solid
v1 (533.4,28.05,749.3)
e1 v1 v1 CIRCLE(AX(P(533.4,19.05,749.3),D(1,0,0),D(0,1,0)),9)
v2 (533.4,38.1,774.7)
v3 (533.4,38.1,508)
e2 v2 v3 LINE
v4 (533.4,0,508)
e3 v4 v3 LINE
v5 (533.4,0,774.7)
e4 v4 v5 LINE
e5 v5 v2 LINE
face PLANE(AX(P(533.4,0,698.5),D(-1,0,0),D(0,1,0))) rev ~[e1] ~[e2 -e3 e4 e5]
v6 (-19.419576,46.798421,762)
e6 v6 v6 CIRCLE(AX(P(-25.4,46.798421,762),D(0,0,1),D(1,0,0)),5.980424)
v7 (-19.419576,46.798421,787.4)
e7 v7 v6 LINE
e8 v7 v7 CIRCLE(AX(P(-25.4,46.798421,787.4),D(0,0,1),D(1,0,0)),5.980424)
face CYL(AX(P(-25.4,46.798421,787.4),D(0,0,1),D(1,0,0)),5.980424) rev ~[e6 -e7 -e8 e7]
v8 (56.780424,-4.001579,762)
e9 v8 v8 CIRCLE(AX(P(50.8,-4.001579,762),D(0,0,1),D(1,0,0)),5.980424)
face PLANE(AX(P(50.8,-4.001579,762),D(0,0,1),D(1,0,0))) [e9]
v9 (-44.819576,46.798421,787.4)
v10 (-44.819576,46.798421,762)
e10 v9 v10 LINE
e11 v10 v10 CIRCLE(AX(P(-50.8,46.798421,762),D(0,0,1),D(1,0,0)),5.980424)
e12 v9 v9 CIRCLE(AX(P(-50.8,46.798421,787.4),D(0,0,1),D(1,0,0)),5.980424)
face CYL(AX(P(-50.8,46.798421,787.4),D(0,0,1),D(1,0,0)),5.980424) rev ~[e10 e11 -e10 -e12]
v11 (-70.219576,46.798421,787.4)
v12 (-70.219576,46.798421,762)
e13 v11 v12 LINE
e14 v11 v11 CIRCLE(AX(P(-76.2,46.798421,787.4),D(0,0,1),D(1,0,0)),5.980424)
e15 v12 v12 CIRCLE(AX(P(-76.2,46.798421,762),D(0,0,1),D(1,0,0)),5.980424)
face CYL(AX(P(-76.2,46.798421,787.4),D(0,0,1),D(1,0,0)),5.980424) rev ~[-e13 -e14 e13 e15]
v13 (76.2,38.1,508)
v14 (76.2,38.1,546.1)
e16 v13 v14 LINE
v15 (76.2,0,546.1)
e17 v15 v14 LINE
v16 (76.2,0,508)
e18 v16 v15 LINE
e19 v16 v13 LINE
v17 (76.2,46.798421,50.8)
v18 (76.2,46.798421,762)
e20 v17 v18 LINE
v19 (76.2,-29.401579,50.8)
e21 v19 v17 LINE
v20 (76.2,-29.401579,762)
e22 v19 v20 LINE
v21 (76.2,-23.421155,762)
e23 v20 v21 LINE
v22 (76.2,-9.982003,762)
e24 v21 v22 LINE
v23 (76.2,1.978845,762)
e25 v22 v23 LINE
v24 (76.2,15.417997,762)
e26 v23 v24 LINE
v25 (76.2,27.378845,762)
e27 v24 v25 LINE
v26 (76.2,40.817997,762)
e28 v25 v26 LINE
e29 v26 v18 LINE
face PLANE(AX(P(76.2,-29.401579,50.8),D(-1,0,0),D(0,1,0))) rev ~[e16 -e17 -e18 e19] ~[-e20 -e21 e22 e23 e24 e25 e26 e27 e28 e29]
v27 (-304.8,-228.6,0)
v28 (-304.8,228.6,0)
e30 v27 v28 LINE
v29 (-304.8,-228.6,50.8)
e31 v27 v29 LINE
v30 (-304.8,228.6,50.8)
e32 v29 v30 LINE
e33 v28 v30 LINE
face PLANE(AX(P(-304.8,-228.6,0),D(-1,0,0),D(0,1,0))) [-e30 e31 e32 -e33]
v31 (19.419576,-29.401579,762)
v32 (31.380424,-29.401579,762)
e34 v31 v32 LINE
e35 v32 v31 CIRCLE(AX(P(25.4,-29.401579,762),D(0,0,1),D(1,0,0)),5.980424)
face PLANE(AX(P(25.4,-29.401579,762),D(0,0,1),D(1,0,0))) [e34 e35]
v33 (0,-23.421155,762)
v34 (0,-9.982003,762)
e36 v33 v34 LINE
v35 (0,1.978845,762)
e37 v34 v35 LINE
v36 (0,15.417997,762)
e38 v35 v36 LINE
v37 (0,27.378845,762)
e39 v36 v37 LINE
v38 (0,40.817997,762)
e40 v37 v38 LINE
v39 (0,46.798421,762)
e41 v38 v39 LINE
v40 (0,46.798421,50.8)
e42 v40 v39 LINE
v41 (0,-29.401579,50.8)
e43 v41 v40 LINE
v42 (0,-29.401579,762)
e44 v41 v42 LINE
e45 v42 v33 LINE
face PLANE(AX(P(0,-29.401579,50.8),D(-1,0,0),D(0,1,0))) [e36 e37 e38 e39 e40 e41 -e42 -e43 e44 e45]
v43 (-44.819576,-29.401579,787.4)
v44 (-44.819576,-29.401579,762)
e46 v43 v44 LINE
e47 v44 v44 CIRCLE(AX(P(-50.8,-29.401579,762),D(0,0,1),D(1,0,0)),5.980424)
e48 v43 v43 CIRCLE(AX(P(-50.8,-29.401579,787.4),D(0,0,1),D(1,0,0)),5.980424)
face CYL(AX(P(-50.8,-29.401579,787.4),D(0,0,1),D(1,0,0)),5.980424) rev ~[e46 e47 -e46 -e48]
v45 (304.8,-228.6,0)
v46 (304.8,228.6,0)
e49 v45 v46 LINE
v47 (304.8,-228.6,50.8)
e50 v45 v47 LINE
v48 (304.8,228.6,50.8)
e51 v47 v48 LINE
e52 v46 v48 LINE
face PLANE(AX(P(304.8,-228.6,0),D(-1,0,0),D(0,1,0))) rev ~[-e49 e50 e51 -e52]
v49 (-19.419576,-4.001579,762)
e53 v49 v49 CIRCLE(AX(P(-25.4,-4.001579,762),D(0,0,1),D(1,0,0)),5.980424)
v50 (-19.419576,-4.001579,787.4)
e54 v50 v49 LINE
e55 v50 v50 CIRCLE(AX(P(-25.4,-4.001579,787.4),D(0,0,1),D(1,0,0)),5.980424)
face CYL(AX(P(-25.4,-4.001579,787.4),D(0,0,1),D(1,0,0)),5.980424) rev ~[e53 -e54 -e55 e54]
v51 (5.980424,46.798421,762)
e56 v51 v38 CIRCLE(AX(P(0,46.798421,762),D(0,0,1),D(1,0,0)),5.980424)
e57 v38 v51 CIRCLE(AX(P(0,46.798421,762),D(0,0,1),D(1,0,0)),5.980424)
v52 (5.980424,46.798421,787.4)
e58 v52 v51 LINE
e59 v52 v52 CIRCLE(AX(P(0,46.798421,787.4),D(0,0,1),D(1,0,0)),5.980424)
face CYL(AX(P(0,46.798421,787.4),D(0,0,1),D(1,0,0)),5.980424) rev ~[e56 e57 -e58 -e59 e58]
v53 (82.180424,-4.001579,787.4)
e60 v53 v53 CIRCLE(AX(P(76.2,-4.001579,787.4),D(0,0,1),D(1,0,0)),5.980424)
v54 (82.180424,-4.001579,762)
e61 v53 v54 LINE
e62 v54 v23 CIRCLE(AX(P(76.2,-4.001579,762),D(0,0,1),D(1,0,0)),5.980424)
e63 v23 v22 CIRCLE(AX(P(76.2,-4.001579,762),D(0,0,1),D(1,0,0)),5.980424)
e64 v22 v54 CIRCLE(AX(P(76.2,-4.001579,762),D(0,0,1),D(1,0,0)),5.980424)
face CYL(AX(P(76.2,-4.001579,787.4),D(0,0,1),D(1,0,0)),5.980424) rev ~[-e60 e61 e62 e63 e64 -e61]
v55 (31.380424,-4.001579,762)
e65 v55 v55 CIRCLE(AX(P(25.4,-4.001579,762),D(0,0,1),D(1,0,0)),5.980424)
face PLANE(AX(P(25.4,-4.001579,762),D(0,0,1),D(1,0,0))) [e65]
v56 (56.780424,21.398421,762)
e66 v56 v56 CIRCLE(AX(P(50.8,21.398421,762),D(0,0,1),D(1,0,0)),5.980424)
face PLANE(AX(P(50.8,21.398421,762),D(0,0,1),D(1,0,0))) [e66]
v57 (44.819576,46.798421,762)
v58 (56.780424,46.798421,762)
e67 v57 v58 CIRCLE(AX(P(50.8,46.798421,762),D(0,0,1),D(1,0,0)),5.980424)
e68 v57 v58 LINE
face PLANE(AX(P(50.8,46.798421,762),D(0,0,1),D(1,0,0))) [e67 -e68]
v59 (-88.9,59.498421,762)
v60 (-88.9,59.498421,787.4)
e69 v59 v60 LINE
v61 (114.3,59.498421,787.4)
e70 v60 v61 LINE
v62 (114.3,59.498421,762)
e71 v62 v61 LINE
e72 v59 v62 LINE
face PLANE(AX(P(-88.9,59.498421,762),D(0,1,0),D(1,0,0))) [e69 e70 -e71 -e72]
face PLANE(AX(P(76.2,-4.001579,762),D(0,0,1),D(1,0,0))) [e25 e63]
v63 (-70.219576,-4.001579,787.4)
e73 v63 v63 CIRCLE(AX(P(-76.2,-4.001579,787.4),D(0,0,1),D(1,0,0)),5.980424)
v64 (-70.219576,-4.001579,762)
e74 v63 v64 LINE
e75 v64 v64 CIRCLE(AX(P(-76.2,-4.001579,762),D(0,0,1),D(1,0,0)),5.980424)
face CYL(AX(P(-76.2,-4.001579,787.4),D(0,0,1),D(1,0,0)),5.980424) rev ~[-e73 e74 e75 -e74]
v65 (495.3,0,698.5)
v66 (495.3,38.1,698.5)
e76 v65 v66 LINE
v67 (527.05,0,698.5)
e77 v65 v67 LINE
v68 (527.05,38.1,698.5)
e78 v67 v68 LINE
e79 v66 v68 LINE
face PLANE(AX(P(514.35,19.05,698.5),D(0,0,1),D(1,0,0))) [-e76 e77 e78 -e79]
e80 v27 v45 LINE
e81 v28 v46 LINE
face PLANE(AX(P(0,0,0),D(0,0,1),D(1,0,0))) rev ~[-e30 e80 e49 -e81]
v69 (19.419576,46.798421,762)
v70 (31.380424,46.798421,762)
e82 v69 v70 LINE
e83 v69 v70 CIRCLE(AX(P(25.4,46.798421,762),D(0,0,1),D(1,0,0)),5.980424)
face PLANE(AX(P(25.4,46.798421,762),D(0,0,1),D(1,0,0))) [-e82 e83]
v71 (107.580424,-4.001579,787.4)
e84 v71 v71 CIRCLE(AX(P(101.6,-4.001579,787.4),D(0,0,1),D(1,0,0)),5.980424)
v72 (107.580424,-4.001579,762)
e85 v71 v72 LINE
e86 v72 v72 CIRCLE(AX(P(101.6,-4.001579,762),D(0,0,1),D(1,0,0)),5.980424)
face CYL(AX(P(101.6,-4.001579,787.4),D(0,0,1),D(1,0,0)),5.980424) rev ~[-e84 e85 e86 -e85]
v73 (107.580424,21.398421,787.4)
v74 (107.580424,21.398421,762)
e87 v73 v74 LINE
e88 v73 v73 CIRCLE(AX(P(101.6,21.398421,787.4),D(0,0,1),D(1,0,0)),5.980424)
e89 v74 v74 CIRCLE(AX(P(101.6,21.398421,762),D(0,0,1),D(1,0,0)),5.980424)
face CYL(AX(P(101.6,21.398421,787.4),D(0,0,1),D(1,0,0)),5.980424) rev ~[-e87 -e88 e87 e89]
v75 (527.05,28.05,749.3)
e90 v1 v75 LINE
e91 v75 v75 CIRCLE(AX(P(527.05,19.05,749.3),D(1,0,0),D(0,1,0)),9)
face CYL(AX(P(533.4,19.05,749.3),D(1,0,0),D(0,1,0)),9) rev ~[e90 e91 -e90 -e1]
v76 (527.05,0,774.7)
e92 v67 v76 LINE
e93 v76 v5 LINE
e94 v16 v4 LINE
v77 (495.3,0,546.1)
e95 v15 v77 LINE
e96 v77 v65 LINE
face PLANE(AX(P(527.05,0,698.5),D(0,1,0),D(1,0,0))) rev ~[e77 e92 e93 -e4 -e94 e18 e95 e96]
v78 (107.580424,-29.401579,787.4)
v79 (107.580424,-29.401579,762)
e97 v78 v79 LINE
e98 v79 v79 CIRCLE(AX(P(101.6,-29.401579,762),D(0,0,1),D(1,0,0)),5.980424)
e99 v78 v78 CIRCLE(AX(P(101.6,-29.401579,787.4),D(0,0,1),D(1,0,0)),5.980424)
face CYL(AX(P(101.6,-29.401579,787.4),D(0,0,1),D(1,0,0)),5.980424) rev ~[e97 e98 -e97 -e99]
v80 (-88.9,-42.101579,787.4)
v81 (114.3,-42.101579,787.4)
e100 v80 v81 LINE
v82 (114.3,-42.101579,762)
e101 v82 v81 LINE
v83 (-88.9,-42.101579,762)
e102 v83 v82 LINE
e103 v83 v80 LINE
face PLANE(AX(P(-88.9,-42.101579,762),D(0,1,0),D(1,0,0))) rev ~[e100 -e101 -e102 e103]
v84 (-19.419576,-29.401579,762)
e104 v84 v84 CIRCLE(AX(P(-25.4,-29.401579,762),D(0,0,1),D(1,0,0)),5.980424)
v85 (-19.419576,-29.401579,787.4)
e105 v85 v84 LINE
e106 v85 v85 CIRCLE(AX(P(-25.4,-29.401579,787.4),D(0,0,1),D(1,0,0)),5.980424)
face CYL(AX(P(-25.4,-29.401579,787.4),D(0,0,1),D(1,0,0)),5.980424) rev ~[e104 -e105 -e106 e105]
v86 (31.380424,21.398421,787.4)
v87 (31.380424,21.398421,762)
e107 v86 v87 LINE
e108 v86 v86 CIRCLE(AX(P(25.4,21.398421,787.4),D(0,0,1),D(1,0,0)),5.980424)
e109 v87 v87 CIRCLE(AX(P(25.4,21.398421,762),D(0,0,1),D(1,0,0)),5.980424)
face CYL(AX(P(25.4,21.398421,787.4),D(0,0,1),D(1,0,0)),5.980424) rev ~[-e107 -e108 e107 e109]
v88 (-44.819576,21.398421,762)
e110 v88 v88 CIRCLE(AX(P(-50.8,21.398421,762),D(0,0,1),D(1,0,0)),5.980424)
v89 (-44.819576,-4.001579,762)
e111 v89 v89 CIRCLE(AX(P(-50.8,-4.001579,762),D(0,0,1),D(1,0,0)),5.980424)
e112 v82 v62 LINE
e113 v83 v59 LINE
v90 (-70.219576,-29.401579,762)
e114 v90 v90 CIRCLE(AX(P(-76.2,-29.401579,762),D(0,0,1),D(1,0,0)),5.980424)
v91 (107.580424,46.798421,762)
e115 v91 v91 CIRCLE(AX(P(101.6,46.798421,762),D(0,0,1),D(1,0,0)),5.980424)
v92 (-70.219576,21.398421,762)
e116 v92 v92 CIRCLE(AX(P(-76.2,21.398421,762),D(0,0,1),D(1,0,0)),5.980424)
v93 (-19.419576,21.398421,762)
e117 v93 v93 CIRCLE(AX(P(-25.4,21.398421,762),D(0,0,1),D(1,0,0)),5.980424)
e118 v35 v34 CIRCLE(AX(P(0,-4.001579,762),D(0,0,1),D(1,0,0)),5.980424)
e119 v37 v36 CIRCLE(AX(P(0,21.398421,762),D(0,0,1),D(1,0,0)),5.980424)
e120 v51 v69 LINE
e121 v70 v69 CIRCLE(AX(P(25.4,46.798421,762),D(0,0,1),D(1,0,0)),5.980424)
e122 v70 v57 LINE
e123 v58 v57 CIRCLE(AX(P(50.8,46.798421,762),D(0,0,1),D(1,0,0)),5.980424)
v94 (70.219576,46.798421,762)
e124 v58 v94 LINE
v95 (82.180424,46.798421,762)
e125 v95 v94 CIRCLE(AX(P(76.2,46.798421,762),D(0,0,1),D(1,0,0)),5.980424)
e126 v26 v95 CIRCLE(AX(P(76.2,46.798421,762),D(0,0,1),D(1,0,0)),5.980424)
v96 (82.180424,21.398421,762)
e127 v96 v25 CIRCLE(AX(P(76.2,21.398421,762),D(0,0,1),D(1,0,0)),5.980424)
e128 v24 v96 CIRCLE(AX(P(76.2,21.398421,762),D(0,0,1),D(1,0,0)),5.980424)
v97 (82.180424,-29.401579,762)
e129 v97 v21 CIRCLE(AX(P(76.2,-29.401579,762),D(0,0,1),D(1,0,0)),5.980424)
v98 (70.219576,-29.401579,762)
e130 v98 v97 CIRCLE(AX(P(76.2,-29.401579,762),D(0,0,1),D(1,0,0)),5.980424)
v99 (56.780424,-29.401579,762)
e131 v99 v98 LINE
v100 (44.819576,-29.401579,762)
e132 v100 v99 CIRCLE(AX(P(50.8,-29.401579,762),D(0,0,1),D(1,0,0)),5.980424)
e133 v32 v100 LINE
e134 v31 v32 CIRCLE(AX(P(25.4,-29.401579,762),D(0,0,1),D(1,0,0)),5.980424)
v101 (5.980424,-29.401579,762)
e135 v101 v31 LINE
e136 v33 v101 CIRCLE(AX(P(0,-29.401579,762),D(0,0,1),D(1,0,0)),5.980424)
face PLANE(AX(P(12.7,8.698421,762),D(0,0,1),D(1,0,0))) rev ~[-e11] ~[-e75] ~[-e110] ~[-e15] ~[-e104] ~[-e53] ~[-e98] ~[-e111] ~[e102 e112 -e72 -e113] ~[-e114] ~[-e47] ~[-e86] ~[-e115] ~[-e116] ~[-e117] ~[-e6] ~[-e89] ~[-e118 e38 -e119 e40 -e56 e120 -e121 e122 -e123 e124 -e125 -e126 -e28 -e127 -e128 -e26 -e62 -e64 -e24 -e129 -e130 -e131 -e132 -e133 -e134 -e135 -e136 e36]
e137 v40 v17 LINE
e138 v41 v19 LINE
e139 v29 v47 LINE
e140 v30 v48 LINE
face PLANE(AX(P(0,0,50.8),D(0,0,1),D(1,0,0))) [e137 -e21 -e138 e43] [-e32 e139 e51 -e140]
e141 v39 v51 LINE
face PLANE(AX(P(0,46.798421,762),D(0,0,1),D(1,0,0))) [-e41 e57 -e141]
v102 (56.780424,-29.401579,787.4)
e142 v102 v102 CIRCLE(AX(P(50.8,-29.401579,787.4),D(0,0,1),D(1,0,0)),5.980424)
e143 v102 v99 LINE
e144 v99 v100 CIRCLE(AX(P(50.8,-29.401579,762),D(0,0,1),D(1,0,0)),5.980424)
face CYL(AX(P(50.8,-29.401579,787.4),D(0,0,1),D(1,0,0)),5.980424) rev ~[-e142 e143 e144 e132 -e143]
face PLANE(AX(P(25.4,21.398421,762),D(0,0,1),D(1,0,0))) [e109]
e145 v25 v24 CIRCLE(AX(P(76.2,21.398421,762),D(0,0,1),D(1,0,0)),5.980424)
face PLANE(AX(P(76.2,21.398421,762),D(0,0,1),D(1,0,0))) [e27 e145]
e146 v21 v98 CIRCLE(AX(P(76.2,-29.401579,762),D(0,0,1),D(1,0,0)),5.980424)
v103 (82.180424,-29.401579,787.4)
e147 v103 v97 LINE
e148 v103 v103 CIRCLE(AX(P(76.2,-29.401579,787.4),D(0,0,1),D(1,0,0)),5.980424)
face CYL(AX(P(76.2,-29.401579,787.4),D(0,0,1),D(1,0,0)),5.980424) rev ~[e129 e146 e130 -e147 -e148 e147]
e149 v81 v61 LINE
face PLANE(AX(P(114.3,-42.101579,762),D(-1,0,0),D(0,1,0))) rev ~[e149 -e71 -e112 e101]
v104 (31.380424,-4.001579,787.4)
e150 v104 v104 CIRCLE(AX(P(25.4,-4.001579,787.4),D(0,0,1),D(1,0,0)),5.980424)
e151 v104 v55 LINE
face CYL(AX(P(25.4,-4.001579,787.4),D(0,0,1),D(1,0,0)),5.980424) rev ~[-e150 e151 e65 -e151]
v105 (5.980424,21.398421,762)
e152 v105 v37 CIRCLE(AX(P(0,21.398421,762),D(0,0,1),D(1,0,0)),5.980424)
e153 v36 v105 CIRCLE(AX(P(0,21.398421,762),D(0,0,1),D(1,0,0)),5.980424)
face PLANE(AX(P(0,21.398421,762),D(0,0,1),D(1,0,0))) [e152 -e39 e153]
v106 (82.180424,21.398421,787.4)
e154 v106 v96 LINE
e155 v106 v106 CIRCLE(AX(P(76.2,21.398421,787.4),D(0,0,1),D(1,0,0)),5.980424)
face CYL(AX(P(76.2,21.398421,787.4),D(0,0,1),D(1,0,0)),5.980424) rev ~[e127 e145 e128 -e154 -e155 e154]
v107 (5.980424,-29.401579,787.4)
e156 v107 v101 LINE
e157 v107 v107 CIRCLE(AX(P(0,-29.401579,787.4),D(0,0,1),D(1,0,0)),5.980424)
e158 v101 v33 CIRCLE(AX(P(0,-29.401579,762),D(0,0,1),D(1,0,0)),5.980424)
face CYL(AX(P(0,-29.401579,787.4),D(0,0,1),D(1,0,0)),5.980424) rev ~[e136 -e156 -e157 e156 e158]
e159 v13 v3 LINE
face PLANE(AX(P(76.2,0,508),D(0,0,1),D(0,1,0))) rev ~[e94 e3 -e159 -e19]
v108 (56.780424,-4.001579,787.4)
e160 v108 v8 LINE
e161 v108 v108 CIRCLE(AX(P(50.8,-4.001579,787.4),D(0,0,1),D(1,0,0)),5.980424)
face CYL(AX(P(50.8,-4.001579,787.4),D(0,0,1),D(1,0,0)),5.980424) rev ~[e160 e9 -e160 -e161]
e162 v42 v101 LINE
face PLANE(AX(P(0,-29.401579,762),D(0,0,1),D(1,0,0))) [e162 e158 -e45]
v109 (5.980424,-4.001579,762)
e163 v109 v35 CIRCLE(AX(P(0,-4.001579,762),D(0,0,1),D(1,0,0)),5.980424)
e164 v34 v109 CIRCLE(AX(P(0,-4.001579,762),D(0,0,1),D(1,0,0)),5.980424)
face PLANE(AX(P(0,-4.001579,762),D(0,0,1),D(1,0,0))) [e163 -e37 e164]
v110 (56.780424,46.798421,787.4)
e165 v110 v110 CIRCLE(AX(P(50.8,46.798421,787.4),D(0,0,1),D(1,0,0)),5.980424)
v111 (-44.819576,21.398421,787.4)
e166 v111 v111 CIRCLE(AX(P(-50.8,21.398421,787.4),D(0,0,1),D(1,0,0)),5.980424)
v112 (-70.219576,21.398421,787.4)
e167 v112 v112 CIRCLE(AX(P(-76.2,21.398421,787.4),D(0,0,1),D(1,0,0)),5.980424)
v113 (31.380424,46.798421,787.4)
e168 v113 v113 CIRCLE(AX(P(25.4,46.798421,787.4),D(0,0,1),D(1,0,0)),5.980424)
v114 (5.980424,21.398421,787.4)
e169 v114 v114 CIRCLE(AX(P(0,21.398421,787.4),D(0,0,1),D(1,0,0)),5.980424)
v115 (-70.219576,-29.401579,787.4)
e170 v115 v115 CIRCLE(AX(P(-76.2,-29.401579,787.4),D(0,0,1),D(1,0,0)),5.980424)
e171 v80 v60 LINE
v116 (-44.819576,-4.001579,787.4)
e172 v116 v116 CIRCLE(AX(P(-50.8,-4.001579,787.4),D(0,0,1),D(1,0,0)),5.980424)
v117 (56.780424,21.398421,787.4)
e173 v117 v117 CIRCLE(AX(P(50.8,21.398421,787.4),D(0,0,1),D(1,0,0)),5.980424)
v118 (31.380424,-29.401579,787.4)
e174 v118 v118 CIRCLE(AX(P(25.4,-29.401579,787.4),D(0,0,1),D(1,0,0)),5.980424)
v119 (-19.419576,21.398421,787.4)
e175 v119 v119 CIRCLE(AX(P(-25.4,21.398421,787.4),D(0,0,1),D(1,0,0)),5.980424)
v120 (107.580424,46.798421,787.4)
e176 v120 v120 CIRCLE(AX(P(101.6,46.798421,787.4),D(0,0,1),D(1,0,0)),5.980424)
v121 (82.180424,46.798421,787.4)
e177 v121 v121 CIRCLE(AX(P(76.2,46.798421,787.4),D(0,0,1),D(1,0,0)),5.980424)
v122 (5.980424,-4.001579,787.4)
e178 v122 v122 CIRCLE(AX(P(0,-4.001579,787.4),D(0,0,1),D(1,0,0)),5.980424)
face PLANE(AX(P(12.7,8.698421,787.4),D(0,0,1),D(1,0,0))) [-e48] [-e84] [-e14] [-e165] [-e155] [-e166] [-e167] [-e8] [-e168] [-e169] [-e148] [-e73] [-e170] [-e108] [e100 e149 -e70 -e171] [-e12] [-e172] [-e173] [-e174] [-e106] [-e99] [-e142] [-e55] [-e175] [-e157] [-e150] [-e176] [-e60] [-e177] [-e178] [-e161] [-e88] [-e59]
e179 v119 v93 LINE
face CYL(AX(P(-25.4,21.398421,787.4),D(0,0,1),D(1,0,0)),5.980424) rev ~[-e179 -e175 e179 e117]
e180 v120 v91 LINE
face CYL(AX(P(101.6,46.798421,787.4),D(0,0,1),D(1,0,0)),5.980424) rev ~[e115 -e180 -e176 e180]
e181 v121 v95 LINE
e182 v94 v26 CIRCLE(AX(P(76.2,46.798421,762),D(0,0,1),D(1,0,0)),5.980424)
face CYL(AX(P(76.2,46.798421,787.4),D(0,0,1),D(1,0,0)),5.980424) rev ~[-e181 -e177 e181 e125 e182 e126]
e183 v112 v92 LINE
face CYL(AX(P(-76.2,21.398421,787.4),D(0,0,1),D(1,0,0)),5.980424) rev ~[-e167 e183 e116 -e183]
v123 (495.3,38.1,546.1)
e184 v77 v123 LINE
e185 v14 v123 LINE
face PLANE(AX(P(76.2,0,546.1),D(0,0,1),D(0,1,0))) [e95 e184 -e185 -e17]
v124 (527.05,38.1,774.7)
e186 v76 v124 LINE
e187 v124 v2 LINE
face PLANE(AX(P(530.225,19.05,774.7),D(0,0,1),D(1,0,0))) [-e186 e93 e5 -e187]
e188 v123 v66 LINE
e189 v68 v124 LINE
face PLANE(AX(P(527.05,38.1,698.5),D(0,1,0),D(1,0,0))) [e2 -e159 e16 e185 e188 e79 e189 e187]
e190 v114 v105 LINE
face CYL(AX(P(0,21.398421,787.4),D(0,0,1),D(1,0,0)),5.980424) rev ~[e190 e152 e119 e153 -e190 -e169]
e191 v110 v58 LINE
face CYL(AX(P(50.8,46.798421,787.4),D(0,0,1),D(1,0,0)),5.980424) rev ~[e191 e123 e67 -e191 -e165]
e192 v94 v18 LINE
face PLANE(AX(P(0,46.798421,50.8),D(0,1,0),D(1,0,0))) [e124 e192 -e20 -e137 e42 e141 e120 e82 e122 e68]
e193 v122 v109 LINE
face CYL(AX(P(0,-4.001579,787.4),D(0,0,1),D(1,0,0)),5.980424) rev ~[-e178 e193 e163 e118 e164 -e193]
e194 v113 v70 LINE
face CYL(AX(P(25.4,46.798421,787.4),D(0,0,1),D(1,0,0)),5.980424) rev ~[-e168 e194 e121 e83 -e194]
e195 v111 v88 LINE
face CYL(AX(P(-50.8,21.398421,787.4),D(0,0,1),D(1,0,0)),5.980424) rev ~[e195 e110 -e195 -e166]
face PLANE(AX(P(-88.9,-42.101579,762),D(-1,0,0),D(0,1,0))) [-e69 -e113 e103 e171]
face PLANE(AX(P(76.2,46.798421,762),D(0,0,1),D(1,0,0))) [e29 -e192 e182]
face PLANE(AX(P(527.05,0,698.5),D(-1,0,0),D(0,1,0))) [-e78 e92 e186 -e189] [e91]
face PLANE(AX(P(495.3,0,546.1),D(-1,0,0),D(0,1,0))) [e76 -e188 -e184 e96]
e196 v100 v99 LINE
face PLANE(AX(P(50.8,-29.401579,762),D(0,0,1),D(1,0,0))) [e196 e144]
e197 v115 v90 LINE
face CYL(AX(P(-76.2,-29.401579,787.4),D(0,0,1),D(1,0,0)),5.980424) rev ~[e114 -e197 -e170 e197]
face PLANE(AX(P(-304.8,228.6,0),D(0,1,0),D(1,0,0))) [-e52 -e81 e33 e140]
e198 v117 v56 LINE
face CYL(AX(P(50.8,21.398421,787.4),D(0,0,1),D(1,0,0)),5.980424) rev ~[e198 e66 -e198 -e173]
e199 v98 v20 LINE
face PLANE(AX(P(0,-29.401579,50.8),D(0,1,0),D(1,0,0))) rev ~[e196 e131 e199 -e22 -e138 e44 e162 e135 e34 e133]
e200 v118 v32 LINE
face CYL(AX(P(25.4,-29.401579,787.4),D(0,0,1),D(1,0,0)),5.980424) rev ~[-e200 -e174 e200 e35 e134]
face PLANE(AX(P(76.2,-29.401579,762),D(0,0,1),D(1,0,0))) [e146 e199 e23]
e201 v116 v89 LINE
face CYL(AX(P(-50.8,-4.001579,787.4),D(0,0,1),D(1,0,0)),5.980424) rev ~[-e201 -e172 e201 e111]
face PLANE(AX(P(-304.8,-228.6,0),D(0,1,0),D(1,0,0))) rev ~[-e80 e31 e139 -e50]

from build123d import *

# Parameters (mm, degrees)
F0_W      = 609.6
F0_H      = 457.2
F1_DEPTH  = 50.8
F2_W      = 76.2
F2_H      = 76.2
F3_DEPTH  = 711.2
F4_W      = 203.2
F4_H      = 101.6
F5_DEPTH  = 25.4
F6_R      = 5.980424
F7_DEPTH  = 25.4
F8_W      = 38.1
F8_H      = 38.1
F9_DEPTH  = 457.2
F10_W     = 38.1
F10_H     = 38.1
F11_DEPTH = 152.4
F12_W     = 6.35
F12_H     = 38.1
F13_DEPTH = 76.2
F14_R     = 9
F15_DEPTH = 25.4


with BuildPart() as f1:
    # F0 (on Top) → F1 (new body)
    with BuildSketch(Plane.XY):
        Rectangle(F0_W, F0_H)
    extrude(amount=F1_DEPTH)

    # F2 (on face) → F3 (join)
    with BuildSketch(Plane.XY.offset(50.8)):
        with Locations((38.1, 8.698421)):
            Rectangle(F2_W, F2_H)
    extrude(amount=F3_DEPTH)

    # F4 (on face) → F5 (join)
    with BuildSketch(Plane.XY.offset(762)):
        with Locations((12.7, 8.698421)):
            Rectangle(F4_W, F4_H)
    extrude(amount=F5_DEPTH)

    # F6 (on face) → F7 (cut)
    with BuildSketch(Plane.XY.offset(787.4)):
        with Locations((-76.2, 46.798421)):
            Circle(F6_R)
        with Locations((-76.2, 21.398421)):
            Circle(F6_R)
        with Locations((-76.2, -4.001579)):
            Circle(F6_R)
        with Locations((-76.2, -29.401579)):
            Circle(F6_R)
        with Locations((-50.8, 46.798421)):
            Circle(F6_R)
        with Locations((-50.8, 21.398421)):
            Circle(F6_R)
        with Locations((-50.8, -4.001579)):
            Circle(F6_R)
        with Locations((-50.8, -29.401579)):
            Circle(F6_R)
        with Locations((-25.4, 46.798421)):
            Circle(F6_R)
        with Locations((-25.4, 21.398421)):
            Circle(F6_R)
        with Locations((-25.4, -4.001579)):
            Circle(F6_R)
        with Locations((-25.4, -29.401579)):
            Circle(F6_R)
        with Locations((0, 46.798421)):
            Circle(F6_R)
        with Locations((0, 21.398421)):
            Circle(F6_R)
        with Locations((0, -4.001579)):
            Circle(F6_R)
        with Locations((0, -29.401579)):
            Circle(F6_R)
        with Locations((25.4, 46.798421)):
            Circle(F6_R)
        with Locations((25.4, 21.398421)):
            Circle(F6_R)
        with Locations((25.4, -4.001579)):
            Circle(F6_R)
        with Locations((25.4, -29.401579)):
            Circle(F6_R)
        with Locations((50.8, 46.798421)):
            Circle(F6_R)
        with Locations((50.8, 21.398421)):
            Circle(F6_R)
        with Locations((50.8, -4.001579)):
            Circle(F6_R)
        with Locations((50.8, -29.401579)):
            Circle(F6_R)
        with Locations((76.2, 46.798421)):
            Circle(F6_R)
        with Locations((76.2, 21.398421)):
            Circle(F6_R)
        with Locations((76.2, -4.001579)):
            Circle(F6_R)
        with Locations((76.2, -29.401579)):
            Circle(F6_R)
        with Locations((101.6, 46.798421)):
            Circle(F6_R)
        with Locations((101.6, 21.398421)):
            Circle(F6_R)
        with Locations((101.6, -4.001579)):
            Circle(F6_R)
        with Locations((101.6, -29.401579)):
            Circle(F6_R)
    extrude(amount=-F7_DEPTH, mode=Mode.SUBTRACT)

    # F8 (on face) → F9 (join)
    with BuildSketch(Plane.YZ.offset(76.2)):
        with Locations((19.05, 527.05)):
            Rectangle(F8_W, F8_H)
    extrude(amount=F9_DEPTH)

    # F10 (on face) → F11 (join)
    with BuildSketch(Plane.XY.offset(546.1)):
        with Locations((514.35, 19.05)):
            Rectangle(F10_W, F10_H)
    extrude(amount=F11_DEPTH)

    # F12 (on face) → F13 (join)
    with BuildSketch(Plane.XY.offset(698.5)):
        with Locations((530.225, 19.05)):
            Rectangle(F12_W, F12_H)
    extrude(amount=F13_DEPTH)

    # F14 (on face) → F15 (cut)
    with BuildSketch(Plane.YZ.offset(533.4)):
        with Locations((19.05, 749.3)):
            Circle(F14_R)
    extrude(amount=-F15_DEPTH, mode=Mode.SUBTRACT)


solid = f1.part
